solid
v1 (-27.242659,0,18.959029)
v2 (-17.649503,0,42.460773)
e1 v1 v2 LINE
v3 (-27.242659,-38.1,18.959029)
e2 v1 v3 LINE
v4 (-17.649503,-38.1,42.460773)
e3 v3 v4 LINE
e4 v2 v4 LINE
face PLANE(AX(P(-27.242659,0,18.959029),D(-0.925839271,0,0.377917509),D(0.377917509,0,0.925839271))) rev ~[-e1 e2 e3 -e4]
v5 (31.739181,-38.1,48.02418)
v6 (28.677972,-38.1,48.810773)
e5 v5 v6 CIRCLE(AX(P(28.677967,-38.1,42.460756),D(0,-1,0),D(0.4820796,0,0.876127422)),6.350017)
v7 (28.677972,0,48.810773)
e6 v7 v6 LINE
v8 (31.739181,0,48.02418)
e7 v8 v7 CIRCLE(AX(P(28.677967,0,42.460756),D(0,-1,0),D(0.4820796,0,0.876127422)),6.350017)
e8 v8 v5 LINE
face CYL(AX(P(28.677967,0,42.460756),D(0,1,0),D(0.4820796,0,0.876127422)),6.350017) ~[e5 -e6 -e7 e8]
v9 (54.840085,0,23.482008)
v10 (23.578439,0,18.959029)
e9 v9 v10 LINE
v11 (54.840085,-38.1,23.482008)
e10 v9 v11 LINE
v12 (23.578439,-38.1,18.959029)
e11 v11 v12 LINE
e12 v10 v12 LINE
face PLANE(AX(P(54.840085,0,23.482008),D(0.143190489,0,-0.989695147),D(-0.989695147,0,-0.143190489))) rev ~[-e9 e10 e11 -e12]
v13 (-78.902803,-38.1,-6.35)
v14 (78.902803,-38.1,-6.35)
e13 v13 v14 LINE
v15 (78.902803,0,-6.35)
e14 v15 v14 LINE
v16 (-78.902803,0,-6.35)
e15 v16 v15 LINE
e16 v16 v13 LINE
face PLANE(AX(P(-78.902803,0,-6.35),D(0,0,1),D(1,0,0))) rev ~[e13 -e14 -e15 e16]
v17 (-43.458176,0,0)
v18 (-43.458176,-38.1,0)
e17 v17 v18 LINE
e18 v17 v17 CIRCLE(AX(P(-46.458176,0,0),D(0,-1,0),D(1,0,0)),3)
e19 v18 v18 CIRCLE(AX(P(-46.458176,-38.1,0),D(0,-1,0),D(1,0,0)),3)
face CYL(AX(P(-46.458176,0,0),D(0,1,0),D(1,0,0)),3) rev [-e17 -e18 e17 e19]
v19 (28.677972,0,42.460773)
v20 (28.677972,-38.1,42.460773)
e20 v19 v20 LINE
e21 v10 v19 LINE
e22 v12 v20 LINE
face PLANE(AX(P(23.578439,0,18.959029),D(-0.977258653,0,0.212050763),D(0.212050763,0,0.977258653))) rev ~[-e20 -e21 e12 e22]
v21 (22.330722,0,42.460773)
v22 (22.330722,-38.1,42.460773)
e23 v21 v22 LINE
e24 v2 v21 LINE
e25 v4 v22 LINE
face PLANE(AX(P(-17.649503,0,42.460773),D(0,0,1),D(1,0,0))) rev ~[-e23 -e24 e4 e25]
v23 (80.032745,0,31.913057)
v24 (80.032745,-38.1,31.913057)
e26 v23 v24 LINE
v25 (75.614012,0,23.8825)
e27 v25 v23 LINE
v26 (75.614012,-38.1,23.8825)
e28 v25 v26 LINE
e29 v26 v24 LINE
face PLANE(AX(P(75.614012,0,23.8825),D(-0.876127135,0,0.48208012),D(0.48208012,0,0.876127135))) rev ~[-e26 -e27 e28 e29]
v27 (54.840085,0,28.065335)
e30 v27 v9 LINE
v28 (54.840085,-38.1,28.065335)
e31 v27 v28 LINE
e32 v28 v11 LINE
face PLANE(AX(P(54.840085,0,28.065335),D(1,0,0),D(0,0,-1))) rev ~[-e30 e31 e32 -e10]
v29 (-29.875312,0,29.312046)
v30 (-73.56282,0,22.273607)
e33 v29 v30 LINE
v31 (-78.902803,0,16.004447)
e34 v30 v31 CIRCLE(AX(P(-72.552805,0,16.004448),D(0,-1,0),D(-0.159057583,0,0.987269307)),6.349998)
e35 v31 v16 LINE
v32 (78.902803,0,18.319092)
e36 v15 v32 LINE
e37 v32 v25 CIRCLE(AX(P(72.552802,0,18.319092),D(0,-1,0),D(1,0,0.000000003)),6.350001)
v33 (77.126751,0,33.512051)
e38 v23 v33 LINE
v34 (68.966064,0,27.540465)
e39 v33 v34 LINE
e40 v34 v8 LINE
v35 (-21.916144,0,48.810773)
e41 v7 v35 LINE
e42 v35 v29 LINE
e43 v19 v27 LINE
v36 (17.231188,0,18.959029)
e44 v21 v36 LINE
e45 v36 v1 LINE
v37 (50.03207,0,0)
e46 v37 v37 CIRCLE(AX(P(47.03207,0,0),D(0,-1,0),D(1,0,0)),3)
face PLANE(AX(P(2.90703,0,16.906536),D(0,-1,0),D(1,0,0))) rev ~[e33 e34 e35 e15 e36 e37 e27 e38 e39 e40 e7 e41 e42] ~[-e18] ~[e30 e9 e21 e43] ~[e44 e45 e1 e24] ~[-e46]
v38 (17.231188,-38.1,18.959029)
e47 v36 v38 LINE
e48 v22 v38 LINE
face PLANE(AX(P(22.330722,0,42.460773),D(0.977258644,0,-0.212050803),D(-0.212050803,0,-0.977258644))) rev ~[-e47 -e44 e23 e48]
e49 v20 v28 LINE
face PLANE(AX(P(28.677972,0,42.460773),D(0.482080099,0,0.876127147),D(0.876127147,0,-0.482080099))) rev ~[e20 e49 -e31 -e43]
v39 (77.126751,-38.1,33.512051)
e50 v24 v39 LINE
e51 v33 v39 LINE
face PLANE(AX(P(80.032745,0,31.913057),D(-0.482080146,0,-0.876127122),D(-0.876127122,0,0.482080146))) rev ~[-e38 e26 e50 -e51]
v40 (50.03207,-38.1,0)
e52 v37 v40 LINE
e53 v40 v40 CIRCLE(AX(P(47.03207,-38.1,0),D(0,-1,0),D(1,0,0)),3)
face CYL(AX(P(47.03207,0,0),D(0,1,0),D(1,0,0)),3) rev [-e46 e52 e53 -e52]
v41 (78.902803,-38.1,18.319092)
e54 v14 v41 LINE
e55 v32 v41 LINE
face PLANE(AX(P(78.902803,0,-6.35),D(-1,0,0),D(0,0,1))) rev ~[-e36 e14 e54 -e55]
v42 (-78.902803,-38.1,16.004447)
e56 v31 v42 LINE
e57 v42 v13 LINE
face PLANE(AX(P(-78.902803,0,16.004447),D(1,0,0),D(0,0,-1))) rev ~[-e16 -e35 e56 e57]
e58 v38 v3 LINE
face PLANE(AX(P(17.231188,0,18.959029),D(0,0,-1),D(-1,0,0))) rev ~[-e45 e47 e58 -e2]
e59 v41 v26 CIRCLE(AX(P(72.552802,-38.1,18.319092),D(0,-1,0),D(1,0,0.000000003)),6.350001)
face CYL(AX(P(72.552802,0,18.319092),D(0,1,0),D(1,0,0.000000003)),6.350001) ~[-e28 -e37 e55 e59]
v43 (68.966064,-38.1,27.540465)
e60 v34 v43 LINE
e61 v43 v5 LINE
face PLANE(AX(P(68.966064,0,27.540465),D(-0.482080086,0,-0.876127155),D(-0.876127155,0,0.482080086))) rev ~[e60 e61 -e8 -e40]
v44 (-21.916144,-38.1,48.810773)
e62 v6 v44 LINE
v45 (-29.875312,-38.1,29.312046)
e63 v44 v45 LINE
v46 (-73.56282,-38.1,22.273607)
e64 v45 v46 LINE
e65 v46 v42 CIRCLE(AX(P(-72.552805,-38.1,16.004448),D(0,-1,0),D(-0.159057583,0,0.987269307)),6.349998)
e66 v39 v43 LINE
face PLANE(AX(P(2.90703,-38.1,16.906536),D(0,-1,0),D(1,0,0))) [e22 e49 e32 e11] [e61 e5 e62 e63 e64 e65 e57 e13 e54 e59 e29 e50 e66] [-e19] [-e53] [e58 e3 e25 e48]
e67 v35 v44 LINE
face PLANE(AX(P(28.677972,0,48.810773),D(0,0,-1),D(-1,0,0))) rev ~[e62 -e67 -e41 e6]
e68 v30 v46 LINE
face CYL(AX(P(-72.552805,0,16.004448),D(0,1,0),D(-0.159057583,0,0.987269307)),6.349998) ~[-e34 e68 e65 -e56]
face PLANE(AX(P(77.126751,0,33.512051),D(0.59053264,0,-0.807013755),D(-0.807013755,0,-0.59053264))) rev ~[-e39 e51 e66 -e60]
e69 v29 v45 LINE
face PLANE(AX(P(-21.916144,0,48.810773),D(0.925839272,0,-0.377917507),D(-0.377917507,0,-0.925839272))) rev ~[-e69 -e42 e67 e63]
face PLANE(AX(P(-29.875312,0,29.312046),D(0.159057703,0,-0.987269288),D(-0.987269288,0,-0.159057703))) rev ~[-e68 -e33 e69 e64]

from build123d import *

# Parameters (mm, degrees)
F0_R     = 3
F1_DEPTH = 38.1


with BuildPart() as f1:
    # F0 (on Front) → F1 (new body)
    with BuildSketch(Plane.XZ):
        with BuildLine():
            ThreePointArc((-63.834237, -6.35), (-49.682526, 18.216848), (-27.958176, 0))
            ThreePointArc((-27.958176, 0), (-28.241328, -3.22435), (-29.082115, -6.35))
            Line((-29.082115, -6.35), (29.656009, -6.35))
            ThreePointArc((29.656009, -6.35), (43.80772, 18.216848), (65.53207, 0))
            ThreePointArc((65.53207, 0), (65.248919, -3.22435), (64.408131, -6.35))
            Line((64.408131, -6.35), (78.902803, -6.35))
            Line((78.902803, -6.35), (78.902803, 18.319092))
            ThreePointArc((78.902803, 18.319092), (78.019117, 21.550487), (75.614012, 23.8825))
            Line((75.614012, 23.8825), (80.032745, 31.913057))
            Line((80.032745, 31.913057), (77.126751, 33.512051))
            Line((77.126751, 33.512051), (68.966064, 27.540465))
            Line((68.966064, 27.540465), (31.739181, 48.02418))
            ThreePointArc((31.739181, 48.02418), (30.258299, 48.610981), (28.677972, 48.810773))
            Line((28.677972, 48.810773), (-21.916144, 48.810773))
            Line((-21.916144, 48.810773), (-29.875312, 29.312046))
            Line((-29.875312, 29.312046), (-73.56282, 22.273607))
            ThreePointArc((-73.56282, 22.273607), (-77.386855, 20.122025), (-78.902803, 16.004447))
            Line((-78.902803, 16.004447), (-78.902803, -6.35))
            Line((-78.902803, -6.35), (-63.834237, -6.35))
        make_face()
        Polygon((-27.242659, 18.959029), (-17.649503, 42.460773), (22.330722, 42.460773), (17.231188, 18.959029), align=None, mode=Mode.SUBTRACT)
        Polygon((23.578439, 18.959029), (28.677972, 42.460773), (54.840085, 28.065335), (54.840085, 23.482008), align=None, mode=Mode.SUBTRACT)
        with BuildLine():
            ThreePointArc((-29.082115, -6.35), (-28.241328, -3.22435), (-27.958176, 0))
            ThreePointArc((-27.958176, 0), (-49.682526, 18.216848), (-63.834237, -6.35))
            Line((-63.834237, -6.35), (-29.082115, -6.35))
        make_face()
        with Locations((-46.458176, 0)):
            Circle(F0_R, mode=Mode.SUBTRACT)
        with BuildLine():
            ThreePointArc((65.53207, 0), (43.80772, 18.216848), (29.656009, -6.35))
            Line((29.656009, -6.35), (64.408131, -6.35))
            ThreePointArc((64.408131, -6.35), (65.248919, -3.22435), (65.53207, 0))
        make_face()
        with Locations((47.03207, 0)):
            Circle(F0_R, mode=Mode.SUBTRACT)
    extrude(amount=F1_DEPTH)


solid = f1.part
